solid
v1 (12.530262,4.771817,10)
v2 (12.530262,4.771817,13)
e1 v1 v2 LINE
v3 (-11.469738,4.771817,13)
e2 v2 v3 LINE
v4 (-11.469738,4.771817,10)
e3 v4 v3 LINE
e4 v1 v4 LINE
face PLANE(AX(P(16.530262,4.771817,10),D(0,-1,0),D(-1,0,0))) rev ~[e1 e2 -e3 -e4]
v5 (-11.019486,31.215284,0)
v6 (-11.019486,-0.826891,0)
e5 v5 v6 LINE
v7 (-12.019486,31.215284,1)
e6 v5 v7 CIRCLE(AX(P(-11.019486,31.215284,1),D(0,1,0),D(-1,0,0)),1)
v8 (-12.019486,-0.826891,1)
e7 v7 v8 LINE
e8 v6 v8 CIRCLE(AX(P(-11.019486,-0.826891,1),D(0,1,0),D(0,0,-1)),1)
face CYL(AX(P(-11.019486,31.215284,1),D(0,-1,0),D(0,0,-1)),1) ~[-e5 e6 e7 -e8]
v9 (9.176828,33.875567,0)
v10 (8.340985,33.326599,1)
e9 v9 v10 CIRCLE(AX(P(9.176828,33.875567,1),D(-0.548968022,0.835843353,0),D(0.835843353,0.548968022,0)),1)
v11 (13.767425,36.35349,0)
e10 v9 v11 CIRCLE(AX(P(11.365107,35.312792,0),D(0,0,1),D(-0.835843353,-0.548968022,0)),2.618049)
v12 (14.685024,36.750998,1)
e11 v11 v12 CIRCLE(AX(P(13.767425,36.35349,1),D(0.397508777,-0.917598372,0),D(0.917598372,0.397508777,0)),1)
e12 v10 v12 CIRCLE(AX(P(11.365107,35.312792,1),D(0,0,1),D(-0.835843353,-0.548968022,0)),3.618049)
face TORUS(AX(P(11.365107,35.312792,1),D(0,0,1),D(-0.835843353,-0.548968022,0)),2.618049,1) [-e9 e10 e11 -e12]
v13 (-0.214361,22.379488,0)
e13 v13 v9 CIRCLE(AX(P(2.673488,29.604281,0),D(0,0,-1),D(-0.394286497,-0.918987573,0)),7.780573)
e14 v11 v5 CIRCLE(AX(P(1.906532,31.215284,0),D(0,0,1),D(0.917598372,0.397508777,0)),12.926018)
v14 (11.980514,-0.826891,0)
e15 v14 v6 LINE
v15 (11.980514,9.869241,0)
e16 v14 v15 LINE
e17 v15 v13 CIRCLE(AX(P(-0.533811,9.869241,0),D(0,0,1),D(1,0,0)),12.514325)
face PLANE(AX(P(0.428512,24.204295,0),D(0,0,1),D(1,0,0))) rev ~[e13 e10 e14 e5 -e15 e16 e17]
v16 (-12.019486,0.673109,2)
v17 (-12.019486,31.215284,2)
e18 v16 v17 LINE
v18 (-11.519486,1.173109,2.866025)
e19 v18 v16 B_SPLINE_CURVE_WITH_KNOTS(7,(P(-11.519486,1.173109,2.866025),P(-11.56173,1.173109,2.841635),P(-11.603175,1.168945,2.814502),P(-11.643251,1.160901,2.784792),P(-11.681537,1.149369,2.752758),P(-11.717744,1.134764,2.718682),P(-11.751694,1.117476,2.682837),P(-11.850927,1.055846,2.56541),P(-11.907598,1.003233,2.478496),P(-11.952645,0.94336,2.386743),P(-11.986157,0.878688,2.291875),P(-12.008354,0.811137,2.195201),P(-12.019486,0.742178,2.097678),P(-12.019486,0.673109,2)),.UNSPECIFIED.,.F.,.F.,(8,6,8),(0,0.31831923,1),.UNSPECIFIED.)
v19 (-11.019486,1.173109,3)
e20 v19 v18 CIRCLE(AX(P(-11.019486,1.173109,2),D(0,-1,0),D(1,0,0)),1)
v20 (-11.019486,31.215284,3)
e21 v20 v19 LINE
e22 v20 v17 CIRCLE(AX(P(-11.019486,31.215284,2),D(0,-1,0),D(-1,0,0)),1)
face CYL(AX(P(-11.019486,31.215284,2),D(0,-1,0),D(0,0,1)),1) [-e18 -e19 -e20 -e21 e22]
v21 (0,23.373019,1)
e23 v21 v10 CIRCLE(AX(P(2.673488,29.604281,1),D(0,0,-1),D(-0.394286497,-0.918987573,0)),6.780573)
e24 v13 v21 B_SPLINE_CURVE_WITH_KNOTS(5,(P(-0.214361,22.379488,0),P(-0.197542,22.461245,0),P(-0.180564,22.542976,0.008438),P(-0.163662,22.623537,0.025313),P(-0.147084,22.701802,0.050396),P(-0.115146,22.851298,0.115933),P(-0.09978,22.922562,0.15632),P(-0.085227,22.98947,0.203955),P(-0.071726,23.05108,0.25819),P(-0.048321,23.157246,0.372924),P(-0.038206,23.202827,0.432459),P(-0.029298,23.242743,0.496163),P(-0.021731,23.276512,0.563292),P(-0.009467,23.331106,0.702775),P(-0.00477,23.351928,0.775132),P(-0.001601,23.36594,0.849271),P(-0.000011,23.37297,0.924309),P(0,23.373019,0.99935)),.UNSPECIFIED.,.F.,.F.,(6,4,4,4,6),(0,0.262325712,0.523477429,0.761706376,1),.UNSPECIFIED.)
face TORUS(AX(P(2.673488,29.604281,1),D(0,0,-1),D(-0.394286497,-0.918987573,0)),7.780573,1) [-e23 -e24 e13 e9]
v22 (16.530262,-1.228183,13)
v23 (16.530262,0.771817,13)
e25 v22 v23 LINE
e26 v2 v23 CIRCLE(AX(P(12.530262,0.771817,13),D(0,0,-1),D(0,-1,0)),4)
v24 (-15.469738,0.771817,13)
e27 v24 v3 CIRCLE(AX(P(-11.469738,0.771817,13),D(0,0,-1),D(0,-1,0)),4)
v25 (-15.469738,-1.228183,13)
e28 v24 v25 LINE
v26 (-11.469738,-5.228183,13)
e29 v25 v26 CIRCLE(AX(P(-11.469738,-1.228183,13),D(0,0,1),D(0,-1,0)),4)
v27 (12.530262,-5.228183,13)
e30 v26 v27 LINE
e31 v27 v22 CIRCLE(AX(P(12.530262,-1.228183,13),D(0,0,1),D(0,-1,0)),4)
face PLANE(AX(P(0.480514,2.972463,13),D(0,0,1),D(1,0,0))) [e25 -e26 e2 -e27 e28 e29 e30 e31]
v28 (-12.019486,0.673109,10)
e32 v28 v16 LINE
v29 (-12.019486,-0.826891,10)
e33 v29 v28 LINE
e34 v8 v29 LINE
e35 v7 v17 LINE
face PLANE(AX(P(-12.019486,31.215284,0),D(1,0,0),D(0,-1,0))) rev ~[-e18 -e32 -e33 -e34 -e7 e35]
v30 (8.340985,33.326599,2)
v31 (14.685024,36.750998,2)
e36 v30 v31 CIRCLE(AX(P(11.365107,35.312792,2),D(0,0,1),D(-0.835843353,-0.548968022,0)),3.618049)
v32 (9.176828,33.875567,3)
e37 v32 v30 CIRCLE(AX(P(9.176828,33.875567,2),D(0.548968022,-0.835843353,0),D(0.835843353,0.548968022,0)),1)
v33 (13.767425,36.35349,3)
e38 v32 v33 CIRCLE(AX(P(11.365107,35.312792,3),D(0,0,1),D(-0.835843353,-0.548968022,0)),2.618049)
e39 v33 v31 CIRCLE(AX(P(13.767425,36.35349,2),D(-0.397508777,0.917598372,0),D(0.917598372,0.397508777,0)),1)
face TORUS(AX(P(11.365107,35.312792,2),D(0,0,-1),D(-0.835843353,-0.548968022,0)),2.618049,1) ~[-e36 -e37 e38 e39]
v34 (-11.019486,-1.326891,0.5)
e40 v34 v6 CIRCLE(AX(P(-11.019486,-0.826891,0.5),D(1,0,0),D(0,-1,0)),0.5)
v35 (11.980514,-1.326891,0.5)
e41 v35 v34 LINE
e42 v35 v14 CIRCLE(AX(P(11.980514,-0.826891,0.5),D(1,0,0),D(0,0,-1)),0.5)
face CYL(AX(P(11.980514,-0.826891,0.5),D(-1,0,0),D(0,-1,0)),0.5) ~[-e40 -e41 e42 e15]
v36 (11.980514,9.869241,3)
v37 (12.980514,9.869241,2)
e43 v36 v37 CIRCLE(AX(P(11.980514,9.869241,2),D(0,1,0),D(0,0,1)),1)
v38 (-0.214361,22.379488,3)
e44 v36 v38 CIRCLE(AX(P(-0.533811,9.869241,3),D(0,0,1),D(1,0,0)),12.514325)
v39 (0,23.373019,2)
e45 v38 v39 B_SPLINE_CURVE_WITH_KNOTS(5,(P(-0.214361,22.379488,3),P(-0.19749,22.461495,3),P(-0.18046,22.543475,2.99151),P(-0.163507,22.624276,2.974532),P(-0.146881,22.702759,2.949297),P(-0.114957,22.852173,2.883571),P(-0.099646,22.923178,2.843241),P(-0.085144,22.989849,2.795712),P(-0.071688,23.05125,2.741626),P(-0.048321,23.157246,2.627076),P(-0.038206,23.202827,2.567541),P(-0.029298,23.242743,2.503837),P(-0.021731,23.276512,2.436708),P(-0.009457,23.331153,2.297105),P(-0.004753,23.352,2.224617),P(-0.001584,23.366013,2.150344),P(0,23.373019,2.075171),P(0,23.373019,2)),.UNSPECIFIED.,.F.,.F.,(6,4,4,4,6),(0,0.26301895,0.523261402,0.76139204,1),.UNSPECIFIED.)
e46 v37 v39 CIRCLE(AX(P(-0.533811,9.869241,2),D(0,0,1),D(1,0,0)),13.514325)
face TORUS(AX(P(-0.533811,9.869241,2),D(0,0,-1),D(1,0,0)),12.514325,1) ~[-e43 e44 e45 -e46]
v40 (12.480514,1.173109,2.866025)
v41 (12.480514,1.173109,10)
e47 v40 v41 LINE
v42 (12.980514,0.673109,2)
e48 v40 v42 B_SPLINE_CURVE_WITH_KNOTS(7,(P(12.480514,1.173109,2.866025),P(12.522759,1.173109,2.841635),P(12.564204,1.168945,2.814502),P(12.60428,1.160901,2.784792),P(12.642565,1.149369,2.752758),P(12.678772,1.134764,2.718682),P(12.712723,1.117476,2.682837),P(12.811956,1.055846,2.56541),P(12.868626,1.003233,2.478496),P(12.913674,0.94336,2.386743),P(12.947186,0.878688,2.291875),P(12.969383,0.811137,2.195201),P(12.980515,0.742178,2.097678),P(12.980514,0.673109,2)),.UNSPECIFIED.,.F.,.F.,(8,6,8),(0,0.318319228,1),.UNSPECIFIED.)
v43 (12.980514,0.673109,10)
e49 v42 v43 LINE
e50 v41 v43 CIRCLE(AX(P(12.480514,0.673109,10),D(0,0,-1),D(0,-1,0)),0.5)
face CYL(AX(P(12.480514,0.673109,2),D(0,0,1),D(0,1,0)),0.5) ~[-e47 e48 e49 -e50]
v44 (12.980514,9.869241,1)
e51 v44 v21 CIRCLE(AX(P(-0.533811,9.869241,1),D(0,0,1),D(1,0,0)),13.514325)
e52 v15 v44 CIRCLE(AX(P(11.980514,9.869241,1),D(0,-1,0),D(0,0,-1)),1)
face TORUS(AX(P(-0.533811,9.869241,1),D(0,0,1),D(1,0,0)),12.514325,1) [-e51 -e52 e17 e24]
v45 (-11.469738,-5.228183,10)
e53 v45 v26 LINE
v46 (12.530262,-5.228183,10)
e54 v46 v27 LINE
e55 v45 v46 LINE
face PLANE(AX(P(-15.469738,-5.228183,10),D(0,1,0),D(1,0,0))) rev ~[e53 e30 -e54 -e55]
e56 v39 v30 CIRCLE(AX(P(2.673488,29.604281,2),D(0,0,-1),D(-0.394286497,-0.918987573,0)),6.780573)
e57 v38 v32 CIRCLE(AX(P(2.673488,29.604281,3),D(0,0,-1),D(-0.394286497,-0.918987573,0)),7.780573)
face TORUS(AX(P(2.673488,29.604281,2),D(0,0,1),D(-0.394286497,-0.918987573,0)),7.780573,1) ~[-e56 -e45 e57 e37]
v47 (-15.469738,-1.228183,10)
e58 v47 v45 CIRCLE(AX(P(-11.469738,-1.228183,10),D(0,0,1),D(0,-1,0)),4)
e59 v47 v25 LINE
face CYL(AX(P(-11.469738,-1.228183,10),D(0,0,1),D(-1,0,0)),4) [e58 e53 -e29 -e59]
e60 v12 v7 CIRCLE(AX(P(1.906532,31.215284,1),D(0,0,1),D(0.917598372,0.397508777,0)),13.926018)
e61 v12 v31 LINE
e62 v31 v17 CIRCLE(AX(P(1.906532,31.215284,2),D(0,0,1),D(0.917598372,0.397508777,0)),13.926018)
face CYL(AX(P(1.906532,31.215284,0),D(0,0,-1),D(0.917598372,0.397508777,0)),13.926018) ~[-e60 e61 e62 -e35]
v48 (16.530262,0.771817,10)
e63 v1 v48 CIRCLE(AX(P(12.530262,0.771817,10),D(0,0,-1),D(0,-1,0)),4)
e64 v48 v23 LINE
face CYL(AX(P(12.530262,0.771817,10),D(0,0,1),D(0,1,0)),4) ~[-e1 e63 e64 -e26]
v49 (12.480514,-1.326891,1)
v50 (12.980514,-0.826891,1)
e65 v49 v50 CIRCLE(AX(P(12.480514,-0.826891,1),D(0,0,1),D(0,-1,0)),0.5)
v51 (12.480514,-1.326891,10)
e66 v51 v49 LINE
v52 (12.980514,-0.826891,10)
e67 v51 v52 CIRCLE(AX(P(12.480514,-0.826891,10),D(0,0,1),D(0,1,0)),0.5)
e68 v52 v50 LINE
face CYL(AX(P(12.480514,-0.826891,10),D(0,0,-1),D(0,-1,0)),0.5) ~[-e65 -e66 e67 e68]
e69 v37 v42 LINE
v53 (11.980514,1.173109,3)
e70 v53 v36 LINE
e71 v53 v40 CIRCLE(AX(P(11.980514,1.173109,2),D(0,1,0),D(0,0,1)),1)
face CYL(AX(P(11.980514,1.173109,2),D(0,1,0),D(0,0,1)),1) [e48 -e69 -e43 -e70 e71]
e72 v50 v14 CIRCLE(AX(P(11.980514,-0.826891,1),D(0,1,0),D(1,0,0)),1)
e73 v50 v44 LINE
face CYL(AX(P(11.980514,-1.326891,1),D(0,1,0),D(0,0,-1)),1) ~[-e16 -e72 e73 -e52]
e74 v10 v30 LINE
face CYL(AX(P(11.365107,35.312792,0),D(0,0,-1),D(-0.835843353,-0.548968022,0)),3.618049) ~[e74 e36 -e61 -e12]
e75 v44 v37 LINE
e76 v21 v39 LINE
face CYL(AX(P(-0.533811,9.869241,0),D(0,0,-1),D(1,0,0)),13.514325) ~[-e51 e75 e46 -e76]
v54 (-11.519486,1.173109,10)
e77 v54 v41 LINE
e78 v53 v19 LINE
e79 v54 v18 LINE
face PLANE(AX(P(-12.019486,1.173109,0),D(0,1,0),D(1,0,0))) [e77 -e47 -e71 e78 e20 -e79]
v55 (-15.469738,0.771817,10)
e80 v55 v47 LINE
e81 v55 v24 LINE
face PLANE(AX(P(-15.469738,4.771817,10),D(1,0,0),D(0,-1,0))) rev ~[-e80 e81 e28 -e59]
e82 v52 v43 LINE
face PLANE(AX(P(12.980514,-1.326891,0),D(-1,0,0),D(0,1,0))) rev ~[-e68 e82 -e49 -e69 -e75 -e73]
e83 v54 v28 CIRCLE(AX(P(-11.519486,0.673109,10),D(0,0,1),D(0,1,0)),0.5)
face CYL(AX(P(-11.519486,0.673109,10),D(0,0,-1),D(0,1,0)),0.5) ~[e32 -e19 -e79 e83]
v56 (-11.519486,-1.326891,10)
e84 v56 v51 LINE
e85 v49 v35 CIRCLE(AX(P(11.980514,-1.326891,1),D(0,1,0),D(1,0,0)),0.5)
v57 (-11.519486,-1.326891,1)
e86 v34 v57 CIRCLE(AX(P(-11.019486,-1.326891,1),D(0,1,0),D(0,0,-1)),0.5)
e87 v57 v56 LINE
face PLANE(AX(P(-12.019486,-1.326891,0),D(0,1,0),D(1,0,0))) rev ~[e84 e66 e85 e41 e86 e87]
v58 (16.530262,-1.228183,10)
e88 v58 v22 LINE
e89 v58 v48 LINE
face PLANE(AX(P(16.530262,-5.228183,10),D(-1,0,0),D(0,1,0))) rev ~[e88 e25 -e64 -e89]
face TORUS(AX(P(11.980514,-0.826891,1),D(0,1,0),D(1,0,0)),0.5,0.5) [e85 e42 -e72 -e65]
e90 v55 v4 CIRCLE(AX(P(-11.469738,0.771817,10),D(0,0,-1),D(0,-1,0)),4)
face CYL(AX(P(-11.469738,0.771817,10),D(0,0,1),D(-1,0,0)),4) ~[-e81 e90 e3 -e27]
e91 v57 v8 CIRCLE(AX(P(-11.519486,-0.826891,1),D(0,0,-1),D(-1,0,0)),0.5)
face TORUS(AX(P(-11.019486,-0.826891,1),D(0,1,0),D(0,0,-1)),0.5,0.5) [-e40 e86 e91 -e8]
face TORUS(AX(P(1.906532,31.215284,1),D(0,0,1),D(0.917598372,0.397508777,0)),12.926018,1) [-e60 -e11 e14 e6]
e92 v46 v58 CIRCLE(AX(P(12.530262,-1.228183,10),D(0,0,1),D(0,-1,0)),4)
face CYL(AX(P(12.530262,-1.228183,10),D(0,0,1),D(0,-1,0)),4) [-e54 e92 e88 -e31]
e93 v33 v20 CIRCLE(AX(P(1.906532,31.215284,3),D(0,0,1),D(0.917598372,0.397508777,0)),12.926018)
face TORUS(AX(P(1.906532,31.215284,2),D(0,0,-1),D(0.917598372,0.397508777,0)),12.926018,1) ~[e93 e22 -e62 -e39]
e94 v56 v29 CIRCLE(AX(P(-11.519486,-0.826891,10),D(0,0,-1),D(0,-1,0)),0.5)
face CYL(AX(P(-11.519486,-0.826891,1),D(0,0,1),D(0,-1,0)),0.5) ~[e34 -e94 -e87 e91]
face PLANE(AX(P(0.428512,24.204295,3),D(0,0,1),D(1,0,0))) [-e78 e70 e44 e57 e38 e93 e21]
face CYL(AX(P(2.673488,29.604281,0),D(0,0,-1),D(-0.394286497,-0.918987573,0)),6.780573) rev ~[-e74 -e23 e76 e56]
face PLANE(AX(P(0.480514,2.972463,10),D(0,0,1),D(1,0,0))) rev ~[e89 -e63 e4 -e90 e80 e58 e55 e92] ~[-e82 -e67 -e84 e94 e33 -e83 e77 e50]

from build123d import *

# Parameters (mm, degrees)
F0_W     = 25
F0_H     = 3.598708484
F0_H_2   = 2.5
F1_DEPTH = 3
F2_DEPTH = 10
F3_START = 10
F3_DEPTH = 3
F4_R     = 4
F5_R     = 1
F6_R     = 0.5


with BuildPart() as f1:
    # F0 (on Top) → F1 (new body)
    with BuildSketch(Plane.XY):
        with BuildLine():
            Line((-12.0194856117, 31.2152840197), (-12.0194856117, 4.7718174662))
            Line((-12.0194856117, 4.7718174662), (12.9805143883, 4.7718174662))
            Line((12.9805143883, 4.7718174662), (12.9805143883, 9.8692406903))
            ThreePointArc((12.9805143883, 9.8692406903), (9.2091630199, 19.2346795626), (0, 23.3730189502))
            ThreePointArc((0, 23.3730189502), (-2.5235742208, 33.9593593839), (8.340984877, 33.3265985788))
            ThreePointArc((8.340984877, 33.3265985788), (13.0836829302, 32.1289610754), (14.685023576, 36.750998348))
            ThreePointArc((14.685023576, 36.750998348), (-0.9201685744, 44.8514028231), (-12.0194856117, 31.2152840197))
        make_face()
        with Locations((0.4805143883, 2.9724632242)):
            Rectangle(F0_W, F0_H)
        with Locations((0.4805143883, -0.0768910178)):
            Rectangle(F0_W, F0_H_2)
    extrude(amount=F1_DEPTH)

    # F0 (on Top) → F2 (join)
    with BuildSketch(Plane.XY):
        with Locations((0.4805143883, -0.0768910178)):
            Rectangle(F0_W, F0_H_2)
    extrude(amount=F2_DEPTH)

    # F0 (on Top) → F3 (join)
    with BuildSketch(Plane.XY.offset(F3_START)):
        with Locations((0.4805143883, 2.9724632242)):
            Rectangle(F0_W, F0_H)
        Polygon((-12.0194856117, -1.3268910178), (-12.0194856117, 1.1731089822), (-12.0194856117, 4.7718174662), (-15.4697376937, 4.7718174662), (-15.4697376937, -5.2281825338), (16.5302623063, -5.2281825338), (16.5302623063, 4.7718174662), (12.9805143883, 4.7718174662), (12.9805143883, 1.1731089822), (12.9805143883, -1.3268910178), align=None)
        with Locations((0.4805143883, -0.0768910178)):
            Rectangle(F0_W, F0_H_2)
    extrude(amount=F3_DEPTH)

    # F4
    f4_edges = [f1.edges().sort_by_distance(p)[0] for p in [
        (16.530262, -5.228183, 11.5),
        (16.530262, 4.771817, 11.5),
        (-15.469738, -5.228183, 11.5),
        (-15.469738, 4.771817, 11.5),
    ]]
    fillet(f4_edges, radius=F4_R)

    # F5
    f5_edges = [f1.edges().sort_by_distance(p)[0] for p in [
        (-2.523574, 33.959359, 3),
        (9.209163, 19.23468, 3),
        (12.980514, 5.521175, 3),
        (-0.920169, 44.851403, 0),
        (13.083683, 32.128961, 0),
        (-2.523574, 33.959359, 0),
        (9.209163, 19.23468, 0),
        (12.980514, 4.271175, 0),
        (-12.019486, 14.944197, 0),
    ]]
    fillet(f5_edges, radius=F5_R)

    # F6
    f6_edges = [f1.edges().sort_by_distance(p)[0] for p in [
        (12.980514, 1.173109, 6.5),
        (-12.019486, 1.173109, 6.5),
        (-12.019486, -1.326891, 5.5),
    ]]
    fillet(f6_edges, radius=F6_R)


solid = f1.part
